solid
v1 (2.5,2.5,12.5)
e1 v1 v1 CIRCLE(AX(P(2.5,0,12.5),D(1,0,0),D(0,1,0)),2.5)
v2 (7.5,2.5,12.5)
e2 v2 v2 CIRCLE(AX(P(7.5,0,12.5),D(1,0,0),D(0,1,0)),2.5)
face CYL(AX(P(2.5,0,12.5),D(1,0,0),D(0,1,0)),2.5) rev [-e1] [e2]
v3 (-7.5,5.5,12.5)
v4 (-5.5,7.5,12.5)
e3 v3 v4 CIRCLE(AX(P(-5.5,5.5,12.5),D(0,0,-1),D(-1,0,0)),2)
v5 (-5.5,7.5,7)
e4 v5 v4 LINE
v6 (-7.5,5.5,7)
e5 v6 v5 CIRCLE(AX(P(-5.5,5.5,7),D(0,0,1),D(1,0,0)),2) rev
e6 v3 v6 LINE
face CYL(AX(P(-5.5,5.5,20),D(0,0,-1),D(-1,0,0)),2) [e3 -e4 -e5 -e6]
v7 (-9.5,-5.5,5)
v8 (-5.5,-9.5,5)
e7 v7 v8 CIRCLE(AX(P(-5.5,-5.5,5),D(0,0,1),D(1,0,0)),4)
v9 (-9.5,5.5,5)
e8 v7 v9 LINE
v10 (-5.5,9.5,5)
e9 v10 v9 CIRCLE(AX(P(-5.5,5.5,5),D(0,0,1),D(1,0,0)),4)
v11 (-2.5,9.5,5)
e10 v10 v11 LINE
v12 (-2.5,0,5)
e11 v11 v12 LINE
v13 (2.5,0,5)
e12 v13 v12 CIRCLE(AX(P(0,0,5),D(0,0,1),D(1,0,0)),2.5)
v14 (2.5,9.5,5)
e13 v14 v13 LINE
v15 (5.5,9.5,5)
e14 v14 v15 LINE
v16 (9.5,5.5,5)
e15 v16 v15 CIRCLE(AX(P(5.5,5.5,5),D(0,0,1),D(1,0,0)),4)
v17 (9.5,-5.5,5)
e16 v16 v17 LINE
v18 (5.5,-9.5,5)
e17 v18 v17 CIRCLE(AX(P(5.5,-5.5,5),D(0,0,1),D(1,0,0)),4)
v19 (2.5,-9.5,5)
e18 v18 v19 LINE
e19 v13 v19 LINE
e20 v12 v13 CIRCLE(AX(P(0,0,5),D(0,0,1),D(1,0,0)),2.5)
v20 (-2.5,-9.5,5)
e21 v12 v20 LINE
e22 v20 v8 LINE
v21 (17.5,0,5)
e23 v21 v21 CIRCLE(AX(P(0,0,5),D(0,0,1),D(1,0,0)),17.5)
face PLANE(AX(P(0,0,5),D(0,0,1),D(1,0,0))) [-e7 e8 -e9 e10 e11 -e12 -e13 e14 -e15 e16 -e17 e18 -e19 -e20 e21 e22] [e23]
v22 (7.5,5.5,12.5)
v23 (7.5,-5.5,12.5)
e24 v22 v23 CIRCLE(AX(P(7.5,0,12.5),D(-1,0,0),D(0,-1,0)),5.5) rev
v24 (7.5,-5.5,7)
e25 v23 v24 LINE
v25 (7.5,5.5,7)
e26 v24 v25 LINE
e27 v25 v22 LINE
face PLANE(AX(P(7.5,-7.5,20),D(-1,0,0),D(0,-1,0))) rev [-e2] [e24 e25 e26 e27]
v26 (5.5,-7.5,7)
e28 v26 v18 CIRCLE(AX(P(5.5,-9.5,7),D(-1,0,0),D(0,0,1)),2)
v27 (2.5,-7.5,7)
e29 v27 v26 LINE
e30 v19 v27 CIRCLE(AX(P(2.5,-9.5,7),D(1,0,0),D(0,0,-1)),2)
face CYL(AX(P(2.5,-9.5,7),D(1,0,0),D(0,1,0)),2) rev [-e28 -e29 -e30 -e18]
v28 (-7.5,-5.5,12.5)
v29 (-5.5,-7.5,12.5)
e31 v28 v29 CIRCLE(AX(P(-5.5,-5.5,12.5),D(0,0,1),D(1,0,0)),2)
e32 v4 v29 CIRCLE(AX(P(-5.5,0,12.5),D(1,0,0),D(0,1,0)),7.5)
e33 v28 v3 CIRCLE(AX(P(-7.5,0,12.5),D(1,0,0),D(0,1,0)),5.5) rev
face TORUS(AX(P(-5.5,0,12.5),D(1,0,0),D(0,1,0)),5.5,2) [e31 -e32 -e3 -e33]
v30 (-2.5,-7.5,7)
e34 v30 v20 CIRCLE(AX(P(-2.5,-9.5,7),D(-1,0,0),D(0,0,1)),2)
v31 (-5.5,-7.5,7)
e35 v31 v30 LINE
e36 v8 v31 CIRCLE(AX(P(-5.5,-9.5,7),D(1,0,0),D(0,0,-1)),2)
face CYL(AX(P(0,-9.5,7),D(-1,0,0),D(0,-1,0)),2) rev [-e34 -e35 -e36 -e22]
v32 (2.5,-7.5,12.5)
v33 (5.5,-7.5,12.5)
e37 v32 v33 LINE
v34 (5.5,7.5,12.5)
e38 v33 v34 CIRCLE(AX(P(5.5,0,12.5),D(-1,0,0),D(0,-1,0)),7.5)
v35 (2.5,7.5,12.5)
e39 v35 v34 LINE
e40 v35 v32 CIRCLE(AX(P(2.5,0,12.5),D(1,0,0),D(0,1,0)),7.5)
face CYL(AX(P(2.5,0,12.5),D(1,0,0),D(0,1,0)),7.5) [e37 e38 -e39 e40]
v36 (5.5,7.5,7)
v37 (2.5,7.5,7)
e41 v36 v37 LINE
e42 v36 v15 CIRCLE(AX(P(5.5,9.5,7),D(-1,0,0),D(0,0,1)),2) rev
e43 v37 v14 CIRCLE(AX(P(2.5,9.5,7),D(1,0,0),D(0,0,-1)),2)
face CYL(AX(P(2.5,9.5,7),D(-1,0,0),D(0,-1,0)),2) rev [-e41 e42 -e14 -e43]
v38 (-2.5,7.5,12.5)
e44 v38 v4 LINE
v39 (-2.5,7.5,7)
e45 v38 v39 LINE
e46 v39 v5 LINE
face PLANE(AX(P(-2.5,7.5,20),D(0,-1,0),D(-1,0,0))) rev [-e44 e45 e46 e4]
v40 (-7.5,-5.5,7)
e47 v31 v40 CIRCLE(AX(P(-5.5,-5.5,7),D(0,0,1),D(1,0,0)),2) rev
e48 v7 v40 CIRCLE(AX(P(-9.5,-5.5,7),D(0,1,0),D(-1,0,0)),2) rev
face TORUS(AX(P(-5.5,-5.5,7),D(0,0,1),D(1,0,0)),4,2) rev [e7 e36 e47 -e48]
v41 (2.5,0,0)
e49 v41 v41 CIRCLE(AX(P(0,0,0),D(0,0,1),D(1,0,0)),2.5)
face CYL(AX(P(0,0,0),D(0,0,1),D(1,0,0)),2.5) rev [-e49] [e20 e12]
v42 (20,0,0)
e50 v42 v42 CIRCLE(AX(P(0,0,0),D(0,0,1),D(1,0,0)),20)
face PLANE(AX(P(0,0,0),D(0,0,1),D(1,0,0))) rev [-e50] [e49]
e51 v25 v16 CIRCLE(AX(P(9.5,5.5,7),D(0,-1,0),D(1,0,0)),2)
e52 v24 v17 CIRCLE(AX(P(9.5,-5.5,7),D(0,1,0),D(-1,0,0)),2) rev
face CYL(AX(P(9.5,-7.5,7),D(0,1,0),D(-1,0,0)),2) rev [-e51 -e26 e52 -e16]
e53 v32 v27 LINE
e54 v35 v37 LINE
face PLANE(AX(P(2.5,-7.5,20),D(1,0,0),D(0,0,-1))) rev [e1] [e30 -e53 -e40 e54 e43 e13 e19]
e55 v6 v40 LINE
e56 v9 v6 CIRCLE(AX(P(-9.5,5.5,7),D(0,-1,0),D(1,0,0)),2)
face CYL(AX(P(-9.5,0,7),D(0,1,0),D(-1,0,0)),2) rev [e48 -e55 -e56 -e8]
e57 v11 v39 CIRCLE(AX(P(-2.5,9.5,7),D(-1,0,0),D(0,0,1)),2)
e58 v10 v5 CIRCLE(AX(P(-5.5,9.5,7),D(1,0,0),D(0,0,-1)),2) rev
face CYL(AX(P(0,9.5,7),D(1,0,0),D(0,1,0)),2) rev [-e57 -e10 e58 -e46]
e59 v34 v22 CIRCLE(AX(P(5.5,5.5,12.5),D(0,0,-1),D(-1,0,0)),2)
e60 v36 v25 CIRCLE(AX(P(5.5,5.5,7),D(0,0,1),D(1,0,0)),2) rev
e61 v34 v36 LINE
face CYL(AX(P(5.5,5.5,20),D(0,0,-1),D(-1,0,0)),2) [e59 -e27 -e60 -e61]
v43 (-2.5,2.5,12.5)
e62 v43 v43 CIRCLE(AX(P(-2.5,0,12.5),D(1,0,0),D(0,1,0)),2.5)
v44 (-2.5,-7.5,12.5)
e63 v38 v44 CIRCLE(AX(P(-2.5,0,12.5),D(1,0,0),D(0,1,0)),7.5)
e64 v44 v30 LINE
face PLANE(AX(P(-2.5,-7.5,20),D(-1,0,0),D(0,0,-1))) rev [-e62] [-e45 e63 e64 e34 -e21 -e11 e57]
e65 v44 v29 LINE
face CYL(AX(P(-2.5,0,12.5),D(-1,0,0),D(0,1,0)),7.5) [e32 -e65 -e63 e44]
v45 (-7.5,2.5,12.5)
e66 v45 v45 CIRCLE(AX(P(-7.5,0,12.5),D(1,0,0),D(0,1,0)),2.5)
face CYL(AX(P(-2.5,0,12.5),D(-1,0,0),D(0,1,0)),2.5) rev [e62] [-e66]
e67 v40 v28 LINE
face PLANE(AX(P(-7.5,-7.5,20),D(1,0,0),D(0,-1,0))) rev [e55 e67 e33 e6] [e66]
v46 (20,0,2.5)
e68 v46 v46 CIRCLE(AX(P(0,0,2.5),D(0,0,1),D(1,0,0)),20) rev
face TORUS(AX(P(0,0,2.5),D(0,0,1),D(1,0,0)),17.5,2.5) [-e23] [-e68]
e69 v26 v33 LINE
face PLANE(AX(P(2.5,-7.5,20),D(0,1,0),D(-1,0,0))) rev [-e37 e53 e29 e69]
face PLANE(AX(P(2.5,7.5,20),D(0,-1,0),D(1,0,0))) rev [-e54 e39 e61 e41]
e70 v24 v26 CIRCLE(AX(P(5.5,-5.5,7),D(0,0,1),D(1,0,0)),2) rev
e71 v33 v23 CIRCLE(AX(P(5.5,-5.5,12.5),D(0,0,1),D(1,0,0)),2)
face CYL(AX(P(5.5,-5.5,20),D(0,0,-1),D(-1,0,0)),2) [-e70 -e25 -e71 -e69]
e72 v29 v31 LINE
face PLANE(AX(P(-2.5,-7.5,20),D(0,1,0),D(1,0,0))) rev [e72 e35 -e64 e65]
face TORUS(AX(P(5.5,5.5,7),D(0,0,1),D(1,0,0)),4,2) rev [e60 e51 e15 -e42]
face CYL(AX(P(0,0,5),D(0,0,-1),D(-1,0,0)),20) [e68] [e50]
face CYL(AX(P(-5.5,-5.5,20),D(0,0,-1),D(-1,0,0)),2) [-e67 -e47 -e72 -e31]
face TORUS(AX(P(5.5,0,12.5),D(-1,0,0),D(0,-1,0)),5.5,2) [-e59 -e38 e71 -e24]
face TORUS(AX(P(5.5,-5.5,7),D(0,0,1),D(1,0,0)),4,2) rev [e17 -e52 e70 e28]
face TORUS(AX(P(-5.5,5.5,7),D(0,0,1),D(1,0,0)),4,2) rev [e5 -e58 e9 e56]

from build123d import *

# Parameters (mm, degrees)
CROQUIS1_R              = 20
SALIENTE_EXTRUIR1_DEPTH = 5
CROQUIS2_R              = 2.5
CORTAR_EXTRUIR1_DEPTH   = 5
CROQUIS3_W              = 5
CROQUIS3_H              = 15
SALIENTE_EXTRUIR3_DEPTH = 15
CROQUIS4_R              = 2.5
CORTAR_EXTRUIR2_DEPTH   = 5
FILLET1_R               = 2
FILLET2_R               = 2.5


with BuildPart() as part:
    # Croquis1 → Saliente-Extruir1 (new body)
    with BuildSketch(Plane.XY):
        Circle(CROQUIS1_R)
    extrude(amount=SALIENTE_EXTRUIR1_DEPTH)

    # Croquis2 → Cortar-Extruir1 (cut)
    with BuildSketch(Plane.XY.offset(5)):
        Circle(CROQUIS2_R)
    extrude(amount=-CORTAR_EXTRUIR1_DEPTH, mode=Mode.SUBTRACT)

    # Croquis3 → Saliente-Extruir3 (add)
    with BuildSketch(Plane.XY.offset(5)):
        with Locations((5, 0)):
            Rectangle(CROQUIS3_W, CROQUIS3_H)
    extrude(amount=SALIENTE_EXTRUIR3_DEPTH)

    # Croquis4 → Cortar-Extruir2 (cut)
    with BuildSketch(Plane(origin=(7.5, 0, 0), x_dir=(0, 0, -1), z_dir=(1, 0, 0))):
        with BuildLine():
            ThreePointArc((-12.5, -7.5), (-17.803300859, -5.303300859), (-20, 0))
            Line((-20, 0), (-20, -7.5))
            Line((-20, -7.5), (-12.5, -7.5))
        make_face()
        with BuildLine():
            ThreePointArc((-20, 0), (-17.803300859, 5.303300859), (-12.5, 7.5))
            Line((-12.5, 7.5), (-20, 7.5))
            Line((-20, 7.5), (-20, 0))
        make_face()
        with Locations((-12.5, 0)):
            Circle(CROQUIS4_R)
    extrude(amount=-CORTAR_EXTRUIR2_DEPTH, mode=Mode.SUBTRACT)

    # Simetría1: part across plane


with BuildPart() as part_1:
    add(part.part)
    add(part.part.mirror(Plane(origin=(0, 0, 0), x_dir=(0, 0, 1), z_dir=(1, 0, 0))))

    # Fillet1
    fillet1_edges = [part_1.edges().sort_by_distance(p)[0] for p in [
        (5, -7.5, 5),
        (7.5, 0, 5),
        (5, 7.5, 5),
        (7.5, -7.5, 8.75),
        (7.5, 0, 20),
        (7.5, 7.5, 8.75),
        (-5, -7.5, 5),
        (-7.5, 0, 5),
        (-5, 7.5, 5),
        (-7.5, 7.5, 8.75),
        (-7.5, -7.5, 8.75),
        (-7.5, 0, 20),
    ]]
    fillet(fillet1_edges, radius=FILLET1_R)

    # Fillet2
    fillet2_edges = [part_1.edges().sort_by_distance(p)[0] for p in [
        (-20, 0, 5),
    ]]
    fillet(fillet2_edges, radius=FILLET2_R)


solid = part_1.part
